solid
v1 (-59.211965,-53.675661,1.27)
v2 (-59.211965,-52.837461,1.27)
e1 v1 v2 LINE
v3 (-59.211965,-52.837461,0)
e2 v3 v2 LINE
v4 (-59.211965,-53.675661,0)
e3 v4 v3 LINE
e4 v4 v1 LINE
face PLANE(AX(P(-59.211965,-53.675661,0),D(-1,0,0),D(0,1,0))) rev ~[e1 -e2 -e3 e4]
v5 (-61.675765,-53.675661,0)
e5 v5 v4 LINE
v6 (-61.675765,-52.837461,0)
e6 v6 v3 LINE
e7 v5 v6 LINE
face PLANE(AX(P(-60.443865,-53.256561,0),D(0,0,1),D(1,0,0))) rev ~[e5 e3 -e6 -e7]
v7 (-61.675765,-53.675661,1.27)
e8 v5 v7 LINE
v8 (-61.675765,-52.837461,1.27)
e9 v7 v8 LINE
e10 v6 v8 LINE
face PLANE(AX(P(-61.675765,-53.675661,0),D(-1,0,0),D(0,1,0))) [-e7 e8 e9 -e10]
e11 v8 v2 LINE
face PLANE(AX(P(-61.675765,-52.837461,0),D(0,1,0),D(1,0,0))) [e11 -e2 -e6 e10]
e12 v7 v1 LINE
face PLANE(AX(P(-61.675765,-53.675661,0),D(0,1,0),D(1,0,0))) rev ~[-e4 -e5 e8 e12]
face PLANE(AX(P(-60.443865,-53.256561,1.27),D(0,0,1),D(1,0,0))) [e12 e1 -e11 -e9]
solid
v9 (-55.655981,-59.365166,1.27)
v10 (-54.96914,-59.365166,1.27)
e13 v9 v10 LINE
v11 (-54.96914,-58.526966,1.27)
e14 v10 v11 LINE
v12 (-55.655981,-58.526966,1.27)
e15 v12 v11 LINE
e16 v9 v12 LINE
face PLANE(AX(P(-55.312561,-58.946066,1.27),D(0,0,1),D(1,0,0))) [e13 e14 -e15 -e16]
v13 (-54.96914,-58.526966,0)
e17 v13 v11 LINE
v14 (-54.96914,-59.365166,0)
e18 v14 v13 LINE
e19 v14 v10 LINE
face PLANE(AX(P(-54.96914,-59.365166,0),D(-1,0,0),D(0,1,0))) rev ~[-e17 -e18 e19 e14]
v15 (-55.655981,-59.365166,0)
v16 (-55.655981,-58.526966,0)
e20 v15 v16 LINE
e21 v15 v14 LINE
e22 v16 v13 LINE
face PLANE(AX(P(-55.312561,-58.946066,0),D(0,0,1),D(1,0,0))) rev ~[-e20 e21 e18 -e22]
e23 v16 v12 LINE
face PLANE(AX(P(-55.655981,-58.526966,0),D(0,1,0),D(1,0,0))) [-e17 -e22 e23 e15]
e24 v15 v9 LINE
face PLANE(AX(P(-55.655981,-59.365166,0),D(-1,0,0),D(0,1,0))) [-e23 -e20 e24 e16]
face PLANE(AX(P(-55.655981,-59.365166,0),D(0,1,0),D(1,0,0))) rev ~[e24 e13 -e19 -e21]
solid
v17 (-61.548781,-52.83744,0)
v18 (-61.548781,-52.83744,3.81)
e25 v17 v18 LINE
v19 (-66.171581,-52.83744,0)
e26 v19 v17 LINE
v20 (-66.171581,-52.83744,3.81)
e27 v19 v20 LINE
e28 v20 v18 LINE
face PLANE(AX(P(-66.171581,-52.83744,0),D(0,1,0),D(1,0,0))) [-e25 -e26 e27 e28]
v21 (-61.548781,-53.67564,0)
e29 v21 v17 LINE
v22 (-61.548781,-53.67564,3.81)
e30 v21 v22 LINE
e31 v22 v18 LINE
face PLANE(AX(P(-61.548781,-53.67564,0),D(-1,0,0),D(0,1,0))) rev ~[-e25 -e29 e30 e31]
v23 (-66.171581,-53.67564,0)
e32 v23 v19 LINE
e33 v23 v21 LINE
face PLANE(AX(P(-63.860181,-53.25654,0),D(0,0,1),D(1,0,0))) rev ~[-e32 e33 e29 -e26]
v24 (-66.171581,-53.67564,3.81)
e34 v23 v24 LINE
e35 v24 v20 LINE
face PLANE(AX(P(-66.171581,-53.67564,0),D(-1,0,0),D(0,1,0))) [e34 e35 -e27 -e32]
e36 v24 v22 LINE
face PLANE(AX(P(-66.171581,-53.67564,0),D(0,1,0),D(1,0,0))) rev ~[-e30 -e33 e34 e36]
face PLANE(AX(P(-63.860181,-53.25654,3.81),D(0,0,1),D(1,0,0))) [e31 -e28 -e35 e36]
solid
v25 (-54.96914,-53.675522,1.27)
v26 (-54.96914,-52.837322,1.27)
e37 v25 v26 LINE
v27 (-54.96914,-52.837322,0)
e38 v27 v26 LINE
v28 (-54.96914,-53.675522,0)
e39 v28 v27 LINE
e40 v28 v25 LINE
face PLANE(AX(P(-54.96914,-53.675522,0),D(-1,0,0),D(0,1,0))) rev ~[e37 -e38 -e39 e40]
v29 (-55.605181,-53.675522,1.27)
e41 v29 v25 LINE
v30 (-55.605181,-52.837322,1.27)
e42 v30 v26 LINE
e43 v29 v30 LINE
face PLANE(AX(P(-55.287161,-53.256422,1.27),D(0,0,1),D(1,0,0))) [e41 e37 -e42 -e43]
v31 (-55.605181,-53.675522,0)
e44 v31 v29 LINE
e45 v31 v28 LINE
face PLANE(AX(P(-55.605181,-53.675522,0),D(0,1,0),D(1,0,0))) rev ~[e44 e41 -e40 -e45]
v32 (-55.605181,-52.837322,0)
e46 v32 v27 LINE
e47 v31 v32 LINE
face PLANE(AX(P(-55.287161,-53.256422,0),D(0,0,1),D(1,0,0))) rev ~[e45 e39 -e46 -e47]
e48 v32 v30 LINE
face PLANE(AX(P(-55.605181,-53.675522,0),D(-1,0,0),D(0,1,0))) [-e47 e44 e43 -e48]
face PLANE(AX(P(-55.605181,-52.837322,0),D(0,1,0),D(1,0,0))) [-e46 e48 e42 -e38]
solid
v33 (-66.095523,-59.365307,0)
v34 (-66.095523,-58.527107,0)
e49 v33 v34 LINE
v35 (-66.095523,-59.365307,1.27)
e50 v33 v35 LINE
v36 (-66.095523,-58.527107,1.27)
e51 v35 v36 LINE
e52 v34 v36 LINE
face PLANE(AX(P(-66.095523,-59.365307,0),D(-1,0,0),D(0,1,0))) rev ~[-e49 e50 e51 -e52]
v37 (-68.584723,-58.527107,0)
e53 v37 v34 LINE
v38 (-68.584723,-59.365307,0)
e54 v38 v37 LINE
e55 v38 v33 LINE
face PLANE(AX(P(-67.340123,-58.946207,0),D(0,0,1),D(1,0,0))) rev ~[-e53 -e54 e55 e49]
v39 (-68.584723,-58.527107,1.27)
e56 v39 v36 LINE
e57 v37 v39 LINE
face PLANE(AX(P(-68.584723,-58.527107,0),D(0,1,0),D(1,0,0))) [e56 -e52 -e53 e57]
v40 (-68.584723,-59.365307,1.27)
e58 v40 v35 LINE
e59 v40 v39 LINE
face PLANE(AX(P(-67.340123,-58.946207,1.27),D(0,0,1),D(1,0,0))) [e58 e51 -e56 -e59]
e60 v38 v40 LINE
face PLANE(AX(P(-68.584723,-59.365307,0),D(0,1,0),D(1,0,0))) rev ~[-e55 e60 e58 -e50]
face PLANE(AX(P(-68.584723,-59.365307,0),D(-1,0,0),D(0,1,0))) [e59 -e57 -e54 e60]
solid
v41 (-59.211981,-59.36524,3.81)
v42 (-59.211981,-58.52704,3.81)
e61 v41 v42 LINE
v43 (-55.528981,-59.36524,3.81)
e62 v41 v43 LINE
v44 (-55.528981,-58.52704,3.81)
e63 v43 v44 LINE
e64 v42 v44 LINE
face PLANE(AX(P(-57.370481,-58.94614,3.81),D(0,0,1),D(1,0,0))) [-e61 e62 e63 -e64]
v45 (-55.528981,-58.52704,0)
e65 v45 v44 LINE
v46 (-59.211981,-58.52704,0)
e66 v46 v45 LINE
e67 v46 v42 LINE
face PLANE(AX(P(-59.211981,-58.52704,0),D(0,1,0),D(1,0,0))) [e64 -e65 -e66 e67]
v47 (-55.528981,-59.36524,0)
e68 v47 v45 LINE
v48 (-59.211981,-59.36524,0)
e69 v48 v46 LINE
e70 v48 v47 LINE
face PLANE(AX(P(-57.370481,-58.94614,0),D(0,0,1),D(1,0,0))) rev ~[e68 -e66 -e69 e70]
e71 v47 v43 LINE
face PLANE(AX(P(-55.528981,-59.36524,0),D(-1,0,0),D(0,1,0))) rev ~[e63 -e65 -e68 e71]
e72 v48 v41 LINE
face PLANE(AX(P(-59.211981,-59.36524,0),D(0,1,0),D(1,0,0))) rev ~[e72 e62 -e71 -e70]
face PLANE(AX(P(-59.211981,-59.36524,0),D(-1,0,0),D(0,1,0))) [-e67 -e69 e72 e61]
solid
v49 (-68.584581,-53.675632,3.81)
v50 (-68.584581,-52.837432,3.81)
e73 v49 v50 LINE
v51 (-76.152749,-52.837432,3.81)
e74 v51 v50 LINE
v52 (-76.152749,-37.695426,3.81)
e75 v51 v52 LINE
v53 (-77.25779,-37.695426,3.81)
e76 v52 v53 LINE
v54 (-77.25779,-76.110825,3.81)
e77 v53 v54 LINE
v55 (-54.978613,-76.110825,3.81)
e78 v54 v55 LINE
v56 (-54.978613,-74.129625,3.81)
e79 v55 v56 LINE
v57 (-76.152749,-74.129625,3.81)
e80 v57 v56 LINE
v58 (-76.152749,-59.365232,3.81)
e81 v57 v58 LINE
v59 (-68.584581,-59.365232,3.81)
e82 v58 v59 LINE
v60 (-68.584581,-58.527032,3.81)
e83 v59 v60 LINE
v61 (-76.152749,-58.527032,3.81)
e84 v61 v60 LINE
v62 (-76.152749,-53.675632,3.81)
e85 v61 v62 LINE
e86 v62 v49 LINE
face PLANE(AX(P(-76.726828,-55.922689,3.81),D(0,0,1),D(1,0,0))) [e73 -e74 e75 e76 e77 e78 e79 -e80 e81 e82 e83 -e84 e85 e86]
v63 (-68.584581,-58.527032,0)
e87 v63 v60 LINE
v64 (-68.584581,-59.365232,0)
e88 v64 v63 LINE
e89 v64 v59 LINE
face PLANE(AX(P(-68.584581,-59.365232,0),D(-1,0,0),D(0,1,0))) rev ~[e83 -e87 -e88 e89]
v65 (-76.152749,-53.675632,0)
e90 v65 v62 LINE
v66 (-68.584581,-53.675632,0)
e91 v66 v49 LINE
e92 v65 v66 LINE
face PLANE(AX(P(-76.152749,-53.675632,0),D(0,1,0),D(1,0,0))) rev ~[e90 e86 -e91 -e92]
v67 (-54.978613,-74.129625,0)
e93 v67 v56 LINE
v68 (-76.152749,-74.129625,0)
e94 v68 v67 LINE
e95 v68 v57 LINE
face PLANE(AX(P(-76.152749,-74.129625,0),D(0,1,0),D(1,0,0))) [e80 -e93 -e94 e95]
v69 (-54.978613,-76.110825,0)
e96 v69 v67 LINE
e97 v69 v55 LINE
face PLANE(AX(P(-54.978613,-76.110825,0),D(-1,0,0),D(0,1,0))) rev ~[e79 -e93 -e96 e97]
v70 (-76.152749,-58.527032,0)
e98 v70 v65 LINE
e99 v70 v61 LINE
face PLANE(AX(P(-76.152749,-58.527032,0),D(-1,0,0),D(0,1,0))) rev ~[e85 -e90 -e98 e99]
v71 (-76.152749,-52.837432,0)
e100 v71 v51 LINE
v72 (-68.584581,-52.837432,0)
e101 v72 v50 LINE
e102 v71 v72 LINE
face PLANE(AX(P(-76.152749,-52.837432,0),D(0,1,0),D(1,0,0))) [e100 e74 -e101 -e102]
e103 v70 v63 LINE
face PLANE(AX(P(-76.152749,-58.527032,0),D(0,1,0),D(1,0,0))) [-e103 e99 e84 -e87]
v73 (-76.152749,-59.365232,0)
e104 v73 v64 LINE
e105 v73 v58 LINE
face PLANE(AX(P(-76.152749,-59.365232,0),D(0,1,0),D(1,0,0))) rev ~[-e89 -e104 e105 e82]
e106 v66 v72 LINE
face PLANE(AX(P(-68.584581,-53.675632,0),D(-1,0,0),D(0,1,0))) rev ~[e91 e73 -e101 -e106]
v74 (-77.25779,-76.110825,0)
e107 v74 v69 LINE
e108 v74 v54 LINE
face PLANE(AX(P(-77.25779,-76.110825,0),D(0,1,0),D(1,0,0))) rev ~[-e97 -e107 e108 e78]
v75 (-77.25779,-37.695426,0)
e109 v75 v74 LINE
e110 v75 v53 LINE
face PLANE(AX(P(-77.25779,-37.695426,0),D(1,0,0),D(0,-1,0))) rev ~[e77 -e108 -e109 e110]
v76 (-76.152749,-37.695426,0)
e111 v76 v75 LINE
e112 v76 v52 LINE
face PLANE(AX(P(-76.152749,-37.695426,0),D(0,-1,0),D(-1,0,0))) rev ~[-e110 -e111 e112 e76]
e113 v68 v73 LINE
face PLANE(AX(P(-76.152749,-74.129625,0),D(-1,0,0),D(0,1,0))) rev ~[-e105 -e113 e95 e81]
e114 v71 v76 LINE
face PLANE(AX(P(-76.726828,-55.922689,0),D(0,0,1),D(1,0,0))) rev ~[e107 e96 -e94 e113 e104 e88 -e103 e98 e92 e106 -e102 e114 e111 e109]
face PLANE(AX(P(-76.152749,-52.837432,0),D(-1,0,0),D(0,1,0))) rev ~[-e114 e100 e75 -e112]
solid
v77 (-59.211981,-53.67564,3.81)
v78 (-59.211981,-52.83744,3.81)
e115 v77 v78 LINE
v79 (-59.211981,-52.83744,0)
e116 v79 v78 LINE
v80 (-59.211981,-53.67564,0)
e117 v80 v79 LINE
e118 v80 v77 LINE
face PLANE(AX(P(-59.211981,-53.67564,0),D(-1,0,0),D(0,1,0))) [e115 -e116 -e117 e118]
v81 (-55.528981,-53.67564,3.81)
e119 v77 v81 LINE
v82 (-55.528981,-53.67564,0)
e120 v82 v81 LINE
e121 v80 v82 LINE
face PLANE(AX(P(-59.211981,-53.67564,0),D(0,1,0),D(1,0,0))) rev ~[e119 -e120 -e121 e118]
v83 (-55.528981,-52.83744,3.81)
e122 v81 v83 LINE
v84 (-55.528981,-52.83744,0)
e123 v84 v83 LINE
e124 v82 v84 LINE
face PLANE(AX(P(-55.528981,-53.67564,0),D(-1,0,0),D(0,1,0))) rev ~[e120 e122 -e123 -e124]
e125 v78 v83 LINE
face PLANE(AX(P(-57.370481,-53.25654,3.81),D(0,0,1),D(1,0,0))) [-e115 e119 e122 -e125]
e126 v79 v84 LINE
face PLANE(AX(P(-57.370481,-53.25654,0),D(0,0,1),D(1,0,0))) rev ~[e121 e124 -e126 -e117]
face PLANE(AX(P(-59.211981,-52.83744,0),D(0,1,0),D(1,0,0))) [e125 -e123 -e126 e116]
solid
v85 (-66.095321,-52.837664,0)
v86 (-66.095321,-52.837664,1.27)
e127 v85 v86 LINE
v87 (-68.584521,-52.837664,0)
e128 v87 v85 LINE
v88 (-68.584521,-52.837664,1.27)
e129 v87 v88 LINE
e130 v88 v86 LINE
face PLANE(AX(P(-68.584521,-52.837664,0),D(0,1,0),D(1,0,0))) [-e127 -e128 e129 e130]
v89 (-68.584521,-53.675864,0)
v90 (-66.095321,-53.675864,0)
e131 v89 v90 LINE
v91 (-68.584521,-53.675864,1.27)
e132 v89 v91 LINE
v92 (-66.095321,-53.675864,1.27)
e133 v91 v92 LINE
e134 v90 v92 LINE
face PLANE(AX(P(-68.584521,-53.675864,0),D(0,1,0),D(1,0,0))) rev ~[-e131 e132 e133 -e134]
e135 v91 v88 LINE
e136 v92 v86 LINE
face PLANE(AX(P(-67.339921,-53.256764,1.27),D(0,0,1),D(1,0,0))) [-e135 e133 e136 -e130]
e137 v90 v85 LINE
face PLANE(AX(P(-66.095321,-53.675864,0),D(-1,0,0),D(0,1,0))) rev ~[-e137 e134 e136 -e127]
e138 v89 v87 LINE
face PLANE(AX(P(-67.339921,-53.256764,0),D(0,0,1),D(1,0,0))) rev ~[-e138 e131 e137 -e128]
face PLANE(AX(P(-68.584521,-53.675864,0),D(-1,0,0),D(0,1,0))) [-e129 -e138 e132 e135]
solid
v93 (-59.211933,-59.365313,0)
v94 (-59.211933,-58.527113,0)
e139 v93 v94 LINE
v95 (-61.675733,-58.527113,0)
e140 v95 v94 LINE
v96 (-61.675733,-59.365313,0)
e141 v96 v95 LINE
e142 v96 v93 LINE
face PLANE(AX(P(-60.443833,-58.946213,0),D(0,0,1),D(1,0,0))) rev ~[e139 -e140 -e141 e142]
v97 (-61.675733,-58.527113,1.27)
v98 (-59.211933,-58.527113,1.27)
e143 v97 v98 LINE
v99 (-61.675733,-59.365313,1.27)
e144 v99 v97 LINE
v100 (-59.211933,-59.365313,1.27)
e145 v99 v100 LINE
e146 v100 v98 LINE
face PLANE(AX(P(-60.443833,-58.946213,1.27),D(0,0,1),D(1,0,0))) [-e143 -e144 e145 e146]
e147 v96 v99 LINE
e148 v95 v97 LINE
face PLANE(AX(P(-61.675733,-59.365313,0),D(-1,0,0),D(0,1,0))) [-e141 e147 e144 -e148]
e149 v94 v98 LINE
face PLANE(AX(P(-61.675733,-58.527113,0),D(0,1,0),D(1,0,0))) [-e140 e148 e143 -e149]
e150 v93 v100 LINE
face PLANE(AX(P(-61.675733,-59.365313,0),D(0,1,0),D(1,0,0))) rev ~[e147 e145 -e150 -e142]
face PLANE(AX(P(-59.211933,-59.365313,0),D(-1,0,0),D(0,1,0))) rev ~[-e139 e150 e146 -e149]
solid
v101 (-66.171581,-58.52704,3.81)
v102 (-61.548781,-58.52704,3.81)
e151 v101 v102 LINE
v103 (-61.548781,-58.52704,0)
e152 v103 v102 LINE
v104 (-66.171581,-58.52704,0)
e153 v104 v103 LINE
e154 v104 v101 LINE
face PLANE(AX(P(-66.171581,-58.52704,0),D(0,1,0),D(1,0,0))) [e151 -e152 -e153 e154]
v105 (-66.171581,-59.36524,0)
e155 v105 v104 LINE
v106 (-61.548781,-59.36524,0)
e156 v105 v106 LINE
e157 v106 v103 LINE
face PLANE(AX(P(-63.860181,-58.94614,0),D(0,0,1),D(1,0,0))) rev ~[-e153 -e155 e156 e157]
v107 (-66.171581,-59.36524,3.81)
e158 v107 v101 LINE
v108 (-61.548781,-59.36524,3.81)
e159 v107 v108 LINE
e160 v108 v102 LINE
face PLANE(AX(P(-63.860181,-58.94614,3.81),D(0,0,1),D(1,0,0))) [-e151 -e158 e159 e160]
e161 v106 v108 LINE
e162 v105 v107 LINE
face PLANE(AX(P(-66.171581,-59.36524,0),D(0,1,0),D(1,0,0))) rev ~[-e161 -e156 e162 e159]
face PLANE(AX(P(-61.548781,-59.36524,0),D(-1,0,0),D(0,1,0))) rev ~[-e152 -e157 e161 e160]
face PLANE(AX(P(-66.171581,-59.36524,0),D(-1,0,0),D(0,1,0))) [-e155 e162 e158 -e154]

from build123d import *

# Parameters (mm, degrees)
F0_W     = 1.0678321123
F0_H     = 0.8382
F0_W_2   = 7.5681678877
F0_W_3   = 1.1050403118
F0_H_2   = 1.9812
F0_W_4   = 21.1741365492
F1_DEPTH = 3.81
F0_W_5   = 4.6228
F0_W_6   = 3.683
F2_W     = 2.4892
F2_H     = 0.8382
F3_DEPTH = 1.27
F2_W_2   = 2.4638
F2_W_3   = 0.6360414
F2_W_4   = 0.6868414


with BuildPart() as f1:
    # F0 (on Top) → F1 (new body)
    with BuildSketch(Plane.XY):
        Polygon((-77.2205814719, -53.6756315438), (-77.2205814719, -52.8374315438), (-76.1527493596, -52.8374315438), (-76.1527493596, -37.6954264457), (-77.2577896714, -37.6954264457), (-77.2577896714, -74.1296249426), (-76.1527493596, -74.1296249426), (-76.1527493596, -59.3652315438), (-77.2205814719, -59.3652315438), (-77.2205814719, -58.5270315438), (-76.1527493596, -58.5270315438), (-76.1527493596, -53.6756315438), align=None)
        with Locations((-76.6866654158, -53.2565315438)):
            Rectangle(F0_W, F0_H)
        with Locations((-72.3686654158, -53.2565315438)):
            Rectangle(F0_W_2, F0_H)
        with Locations((-76.6866654158, -58.9461315438)):
            Rectangle(F0_W, F0_H)
        with Locations((-72.3686654158, -58.9461315438)):
            Rectangle(F0_W_2, F0_H)
        with Locations((-76.7052695155, -75.1202249426)):
            Rectangle(F0_W_3, F0_H_2)
        with Locations((-65.565681085, -75.1202249426)):
            Rectangle(F0_W_4, F0_H_2)
    extrude(amount=F1_DEPTH)


with BuildPart() as f1b:
    # F0 (on Top) → F1, piece 2 (new body)
    with BuildSketch(Plane.XY):
        with Locations((-63.8601814719, -53.2565399426)):
            Rectangle(F0_W_5, F0_H)
    extrude(amount=F1_DEPTH)


with BuildPart() as f1c:
    # F0 (on Top) → F1, piece 3 (new body)
    with BuildSketch(Plane.XY):
        with Locations((-63.8601814719, -58.9461399426)):
            Rectangle(F0_W_5, F0_H)
    extrude(amount=F1_DEPTH)


with BuildPart() as f1d:
    # F0 (on Top) → F1, piece 4 (new body)
    with BuildSketch(Plane.XY):
        with Locations((-57.3704814719, -58.9461399426)):
            Rectangle(F0_W_6, F0_H)
    extrude(amount=F1_DEPTH)


with BuildPart() as f1e:
    # F0 (on Top) → F1, piece 5 (new body)
    with BuildSketch(Plane.XY):
        with Locations((-57.3704814719, -53.2565399426)):
            Rectangle(F0_W_6, F0_H)
    extrude(amount=F1_DEPTH)


with BuildPart() as f3:
    # F2 (on Top) → F3 (new body)
    with BuildSketch(Plane.XY):
        with Locations((-67.3399213506, -53.2567635043)):
            Rectangle(F2_W, F2_H)
    extrude(amount=F3_DEPTH)


with BuildPart() as f3b:
    # F2 (on Top) → F3, piece 2 (new body)
    with BuildSketch(Plane.XY):
        with Locations((-67.3401231768, -58.9462073794)):
            Rectangle(F2_W, F2_H)
    extrude(amount=F3_DEPTH)


with BuildPart() as f3c:
    # F2 (on Top) → F3, piece 3 (new body)
    with BuildSketch(Plane.XY):
        with Locations((-60.443864683, -53.2565605531)):
            Rectangle(F2_W_2, F2_H)
    extrude(amount=F3_DEPTH)


with BuildPart() as f3d:
    # F2 (on Top) → F3, piece 4 (new body)
    with BuildSketch(Plane.XY):
        with Locations((-60.4438327164, -58.9462131149)):
            Rectangle(F2_W_2, F2_H)
    extrude(amount=F3_DEPTH)


with BuildPart() as f3e:
    # F2 (on Top) → F3, piece 5 (new body)
    with BuildSketch(Plane.XY):
        with Locations((-55.2871607719, -53.2564221691)):
            Rectangle(F2_W_3, F2_H)
    extrude(amount=F3_DEPTH)


with BuildPart() as f3f:
    # F2 (on Top) → F3, piece 6 (new body)
    with BuildSketch(Plane.XY):
        with Locations((-55.3125607719, -58.9460662609)):
            Rectangle(F2_W_4, F2_H)
    extrude(amount=F3_DEPTH)


solid = Compound([f1.part, f1b.part, f1c.part, f1d.part, f1e.part, f3.part, f3b.part, f3c.part, f3d.part, f3e.part, f3f.part])
